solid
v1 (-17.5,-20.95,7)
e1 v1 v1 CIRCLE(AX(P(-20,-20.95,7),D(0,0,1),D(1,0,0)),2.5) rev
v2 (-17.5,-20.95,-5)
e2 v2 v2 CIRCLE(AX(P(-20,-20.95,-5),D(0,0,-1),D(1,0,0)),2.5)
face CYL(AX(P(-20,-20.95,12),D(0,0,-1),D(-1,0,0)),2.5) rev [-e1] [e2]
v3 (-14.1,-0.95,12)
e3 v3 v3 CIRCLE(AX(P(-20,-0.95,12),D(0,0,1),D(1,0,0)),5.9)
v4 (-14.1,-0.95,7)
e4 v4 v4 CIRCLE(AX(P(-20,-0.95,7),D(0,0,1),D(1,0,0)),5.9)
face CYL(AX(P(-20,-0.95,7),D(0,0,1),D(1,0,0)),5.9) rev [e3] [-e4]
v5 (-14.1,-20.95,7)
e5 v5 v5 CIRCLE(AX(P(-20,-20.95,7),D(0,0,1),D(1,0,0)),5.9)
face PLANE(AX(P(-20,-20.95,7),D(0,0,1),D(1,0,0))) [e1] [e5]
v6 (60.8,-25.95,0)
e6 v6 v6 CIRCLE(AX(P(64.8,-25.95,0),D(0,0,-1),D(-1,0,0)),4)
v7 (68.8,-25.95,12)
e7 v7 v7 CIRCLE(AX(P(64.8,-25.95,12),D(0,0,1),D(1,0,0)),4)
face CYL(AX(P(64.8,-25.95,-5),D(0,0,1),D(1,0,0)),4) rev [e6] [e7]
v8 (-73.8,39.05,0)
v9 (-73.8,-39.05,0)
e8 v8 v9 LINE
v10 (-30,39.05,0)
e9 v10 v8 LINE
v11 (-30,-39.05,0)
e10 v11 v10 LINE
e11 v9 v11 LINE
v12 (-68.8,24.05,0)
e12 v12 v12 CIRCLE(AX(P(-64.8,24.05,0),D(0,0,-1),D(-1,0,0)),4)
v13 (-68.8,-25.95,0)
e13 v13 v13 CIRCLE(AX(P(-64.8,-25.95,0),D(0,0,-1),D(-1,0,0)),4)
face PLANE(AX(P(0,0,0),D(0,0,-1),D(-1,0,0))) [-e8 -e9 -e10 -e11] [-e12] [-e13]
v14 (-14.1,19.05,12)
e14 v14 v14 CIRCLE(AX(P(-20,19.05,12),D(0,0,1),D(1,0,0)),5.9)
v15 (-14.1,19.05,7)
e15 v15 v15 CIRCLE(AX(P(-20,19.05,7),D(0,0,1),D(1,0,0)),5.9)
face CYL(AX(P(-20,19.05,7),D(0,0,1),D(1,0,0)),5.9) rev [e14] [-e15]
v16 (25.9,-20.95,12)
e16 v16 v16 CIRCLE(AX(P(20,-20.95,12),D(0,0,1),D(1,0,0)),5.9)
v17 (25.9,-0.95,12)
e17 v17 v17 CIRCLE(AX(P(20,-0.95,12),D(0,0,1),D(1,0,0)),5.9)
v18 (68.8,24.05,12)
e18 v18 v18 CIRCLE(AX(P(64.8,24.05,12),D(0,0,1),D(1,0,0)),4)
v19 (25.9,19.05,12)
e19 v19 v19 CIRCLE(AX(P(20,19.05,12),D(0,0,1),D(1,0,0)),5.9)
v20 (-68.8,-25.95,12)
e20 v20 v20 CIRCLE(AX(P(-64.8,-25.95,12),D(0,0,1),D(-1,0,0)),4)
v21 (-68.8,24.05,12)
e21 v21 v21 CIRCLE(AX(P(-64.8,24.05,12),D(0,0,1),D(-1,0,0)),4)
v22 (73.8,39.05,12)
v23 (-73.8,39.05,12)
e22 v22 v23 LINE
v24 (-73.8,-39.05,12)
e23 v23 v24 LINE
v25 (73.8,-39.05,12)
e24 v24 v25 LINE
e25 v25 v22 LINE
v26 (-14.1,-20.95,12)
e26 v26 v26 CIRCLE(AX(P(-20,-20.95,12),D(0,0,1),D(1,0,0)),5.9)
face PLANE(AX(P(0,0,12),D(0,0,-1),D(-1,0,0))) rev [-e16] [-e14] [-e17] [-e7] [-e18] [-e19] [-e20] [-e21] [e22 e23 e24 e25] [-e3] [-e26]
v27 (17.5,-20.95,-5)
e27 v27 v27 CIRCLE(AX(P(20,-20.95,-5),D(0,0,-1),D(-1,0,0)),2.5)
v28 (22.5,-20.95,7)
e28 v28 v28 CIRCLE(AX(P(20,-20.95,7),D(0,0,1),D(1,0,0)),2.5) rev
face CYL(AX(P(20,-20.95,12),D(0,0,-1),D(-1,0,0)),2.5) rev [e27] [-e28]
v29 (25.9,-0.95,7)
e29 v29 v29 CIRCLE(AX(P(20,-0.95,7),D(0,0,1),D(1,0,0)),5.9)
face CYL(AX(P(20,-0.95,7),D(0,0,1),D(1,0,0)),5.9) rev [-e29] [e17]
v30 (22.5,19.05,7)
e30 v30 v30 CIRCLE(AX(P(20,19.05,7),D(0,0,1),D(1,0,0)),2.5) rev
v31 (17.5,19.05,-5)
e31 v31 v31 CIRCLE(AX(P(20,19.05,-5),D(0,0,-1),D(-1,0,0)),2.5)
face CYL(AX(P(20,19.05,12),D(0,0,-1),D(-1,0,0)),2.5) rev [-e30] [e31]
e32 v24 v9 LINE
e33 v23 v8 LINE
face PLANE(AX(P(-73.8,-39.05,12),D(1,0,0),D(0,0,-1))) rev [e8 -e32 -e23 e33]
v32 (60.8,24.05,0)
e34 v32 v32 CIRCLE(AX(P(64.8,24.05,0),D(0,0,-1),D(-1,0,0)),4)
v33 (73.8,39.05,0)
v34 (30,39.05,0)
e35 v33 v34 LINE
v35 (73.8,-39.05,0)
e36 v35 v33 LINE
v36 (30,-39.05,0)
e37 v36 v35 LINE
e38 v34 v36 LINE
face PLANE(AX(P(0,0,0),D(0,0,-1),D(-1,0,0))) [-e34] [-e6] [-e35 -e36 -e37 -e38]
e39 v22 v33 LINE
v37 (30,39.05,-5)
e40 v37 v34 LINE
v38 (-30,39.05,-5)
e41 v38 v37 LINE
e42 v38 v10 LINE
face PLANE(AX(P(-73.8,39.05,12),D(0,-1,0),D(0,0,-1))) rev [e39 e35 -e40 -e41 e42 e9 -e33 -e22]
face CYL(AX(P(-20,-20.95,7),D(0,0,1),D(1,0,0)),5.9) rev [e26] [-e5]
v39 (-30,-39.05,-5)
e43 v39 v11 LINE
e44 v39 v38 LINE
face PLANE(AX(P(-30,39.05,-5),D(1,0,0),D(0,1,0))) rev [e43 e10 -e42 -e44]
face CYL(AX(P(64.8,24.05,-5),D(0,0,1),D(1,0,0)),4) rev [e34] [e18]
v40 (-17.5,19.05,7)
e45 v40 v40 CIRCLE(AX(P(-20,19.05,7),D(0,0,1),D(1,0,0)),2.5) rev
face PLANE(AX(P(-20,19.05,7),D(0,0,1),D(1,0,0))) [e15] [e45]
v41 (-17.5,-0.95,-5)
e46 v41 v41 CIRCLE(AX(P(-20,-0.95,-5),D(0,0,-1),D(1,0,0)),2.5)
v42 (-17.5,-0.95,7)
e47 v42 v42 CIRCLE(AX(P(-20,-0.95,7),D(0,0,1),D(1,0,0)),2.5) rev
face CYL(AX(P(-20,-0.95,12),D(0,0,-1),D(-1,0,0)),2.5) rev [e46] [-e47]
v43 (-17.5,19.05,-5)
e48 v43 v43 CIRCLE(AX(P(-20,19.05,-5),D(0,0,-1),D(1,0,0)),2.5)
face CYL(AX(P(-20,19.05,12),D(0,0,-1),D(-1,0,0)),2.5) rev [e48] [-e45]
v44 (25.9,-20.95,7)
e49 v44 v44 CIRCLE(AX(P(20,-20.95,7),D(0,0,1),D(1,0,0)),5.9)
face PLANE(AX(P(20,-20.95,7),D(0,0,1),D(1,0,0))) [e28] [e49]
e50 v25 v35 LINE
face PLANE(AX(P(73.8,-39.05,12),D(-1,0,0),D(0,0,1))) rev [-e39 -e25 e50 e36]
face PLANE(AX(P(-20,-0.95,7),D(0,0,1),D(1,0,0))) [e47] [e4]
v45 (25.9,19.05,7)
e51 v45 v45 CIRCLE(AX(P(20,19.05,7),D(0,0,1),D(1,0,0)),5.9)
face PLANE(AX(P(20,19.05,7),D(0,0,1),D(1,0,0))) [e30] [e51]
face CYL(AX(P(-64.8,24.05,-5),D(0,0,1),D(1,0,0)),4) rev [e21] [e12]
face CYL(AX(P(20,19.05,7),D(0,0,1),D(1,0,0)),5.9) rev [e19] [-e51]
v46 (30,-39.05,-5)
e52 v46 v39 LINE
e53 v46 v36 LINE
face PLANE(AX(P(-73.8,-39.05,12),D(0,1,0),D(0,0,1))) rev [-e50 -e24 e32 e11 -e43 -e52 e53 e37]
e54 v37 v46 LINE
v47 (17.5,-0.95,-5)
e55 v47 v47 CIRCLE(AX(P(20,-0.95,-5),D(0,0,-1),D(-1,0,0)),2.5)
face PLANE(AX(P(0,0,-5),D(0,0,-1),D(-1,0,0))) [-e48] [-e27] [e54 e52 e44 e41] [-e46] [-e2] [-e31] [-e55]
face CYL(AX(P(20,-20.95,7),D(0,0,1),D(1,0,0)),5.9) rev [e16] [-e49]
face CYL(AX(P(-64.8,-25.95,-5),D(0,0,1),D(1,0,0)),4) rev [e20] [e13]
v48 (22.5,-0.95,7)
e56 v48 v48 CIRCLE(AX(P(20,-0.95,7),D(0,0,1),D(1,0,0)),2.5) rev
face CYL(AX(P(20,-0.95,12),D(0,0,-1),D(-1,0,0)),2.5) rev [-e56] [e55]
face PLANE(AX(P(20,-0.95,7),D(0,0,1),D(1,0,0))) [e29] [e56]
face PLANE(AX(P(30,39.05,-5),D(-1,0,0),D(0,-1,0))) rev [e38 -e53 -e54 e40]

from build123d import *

# Parameters (mm, degrees)
SKETCH1_W           = 147.6
SKETCH1_H           = 78.1
BOSS_EXTRUDE1_DEPTH = 12
SKETCH2_W           = 60
SKETCH2_H           = 78.1
BOSS_EXTRUDE2_DEPTH = 5
SKETCH3_R           = 2.5
CUT_EXTRUDE1_DEPTH  = 86.207643436
SKETCH4_R           = 4
CUT_EXTRUDE2_DEPTH  = 86.207643436
SKETCH5_R           = 5.9
CUT_EXTRUDE3_DEPTH  = 5


with BuildPart() as part:
    # Sketch1 → Boss-Extrude1 (new body)
    with BuildSketch(Plane.XY):
        Rectangle(SKETCH1_W, SKETCH1_H)
    extrude(amount=BOSS_EXTRUDE1_DEPTH)

    # Sketch2 → Boss-Extrude2 (add)
    with BuildSketch(Plane(origin=(0, 0, 0), x_dir=(-1, 0, 0), z_dir=(0, 0, -1))):
        Rectangle(SKETCH2_W, SKETCH2_H)
    extrude(amount=BOSS_EXTRUDE2_DEPTH)

    # Sketch3 → Cut-Extrude1 (cut, through all)
    with BuildSketch(Plane(origin=(0, 0, -5), x_dir=(-1, 0, 0), z_dir=(0, 0, -1))):
        with Locations((-20, 19.05)):
            Circle(SKETCH3_R)
        with Locations((-20, -0.95)):
            Circle(SKETCH3_R)
        with Locations((-20, -20.95)):
            Circle(SKETCH3_R)
        with Locations(Location((20, -20.95, 0), (0, 0, 180))):
            Circle(SKETCH3_R)
        with Locations(Location((20, -0.95, 0), (0, 0, 180))):
            Circle(SKETCH3_R)
        with Locations(Location((20, 19.05, 0), (0, 0, 180))):
            Circle(SKETCH3_R)
    extrude(amount=-CUT_EXTRUDE1_DEPTH, mode=Mode.SUBTRACT)

    # Sketch4 → Cut-Extrude2 (cut, through all)
    with BuildSketch(Plane.XY.offset(12)):
        with Locations((64.8, 24.05)):
            Circle(SKETCH4_R)
        with Locations((64.8, -25.95)):
            Circle(SKETCH4_R)
        with Locations(Location((-64.8, -25.95, 0), (0, 0, 180))):
            Circle(SKETCH4_R)
        with Locations(Location((-64.8, 24.05, 0), (0, 0, 180))):
            Circle(SKETCH4_R)
    extrude(amount=-CUT_EXTRUDE2_DEPTH, mode=Mode.SUBTRACT)

    # Sketch5 → Cut-Extrude3 (cut)
    with BuildSketch(Plane.XY.offset(12)):
        with Locations((-20, 19.05)):
            Circle(SKETCH5_R)
        with Locations((20, 19.05)):
            Circle(SKETCH5_R)
        with Locations((-20, -0.95)):
            Circle(SKETCH5_R)
        with Locations((20, -0.95)):
            Circle(SKETCH5_R)
        with Locations((-20, -20.95)):
            Circle(SKETCH5_R)
        with Locations((20, -20.95)):
            Circle(SKETCH5_R)
    extrude(amount=-CUT_EXTRUDE3_DEPTH, mode=Mode.SUBTRACT)


solid = part.part
